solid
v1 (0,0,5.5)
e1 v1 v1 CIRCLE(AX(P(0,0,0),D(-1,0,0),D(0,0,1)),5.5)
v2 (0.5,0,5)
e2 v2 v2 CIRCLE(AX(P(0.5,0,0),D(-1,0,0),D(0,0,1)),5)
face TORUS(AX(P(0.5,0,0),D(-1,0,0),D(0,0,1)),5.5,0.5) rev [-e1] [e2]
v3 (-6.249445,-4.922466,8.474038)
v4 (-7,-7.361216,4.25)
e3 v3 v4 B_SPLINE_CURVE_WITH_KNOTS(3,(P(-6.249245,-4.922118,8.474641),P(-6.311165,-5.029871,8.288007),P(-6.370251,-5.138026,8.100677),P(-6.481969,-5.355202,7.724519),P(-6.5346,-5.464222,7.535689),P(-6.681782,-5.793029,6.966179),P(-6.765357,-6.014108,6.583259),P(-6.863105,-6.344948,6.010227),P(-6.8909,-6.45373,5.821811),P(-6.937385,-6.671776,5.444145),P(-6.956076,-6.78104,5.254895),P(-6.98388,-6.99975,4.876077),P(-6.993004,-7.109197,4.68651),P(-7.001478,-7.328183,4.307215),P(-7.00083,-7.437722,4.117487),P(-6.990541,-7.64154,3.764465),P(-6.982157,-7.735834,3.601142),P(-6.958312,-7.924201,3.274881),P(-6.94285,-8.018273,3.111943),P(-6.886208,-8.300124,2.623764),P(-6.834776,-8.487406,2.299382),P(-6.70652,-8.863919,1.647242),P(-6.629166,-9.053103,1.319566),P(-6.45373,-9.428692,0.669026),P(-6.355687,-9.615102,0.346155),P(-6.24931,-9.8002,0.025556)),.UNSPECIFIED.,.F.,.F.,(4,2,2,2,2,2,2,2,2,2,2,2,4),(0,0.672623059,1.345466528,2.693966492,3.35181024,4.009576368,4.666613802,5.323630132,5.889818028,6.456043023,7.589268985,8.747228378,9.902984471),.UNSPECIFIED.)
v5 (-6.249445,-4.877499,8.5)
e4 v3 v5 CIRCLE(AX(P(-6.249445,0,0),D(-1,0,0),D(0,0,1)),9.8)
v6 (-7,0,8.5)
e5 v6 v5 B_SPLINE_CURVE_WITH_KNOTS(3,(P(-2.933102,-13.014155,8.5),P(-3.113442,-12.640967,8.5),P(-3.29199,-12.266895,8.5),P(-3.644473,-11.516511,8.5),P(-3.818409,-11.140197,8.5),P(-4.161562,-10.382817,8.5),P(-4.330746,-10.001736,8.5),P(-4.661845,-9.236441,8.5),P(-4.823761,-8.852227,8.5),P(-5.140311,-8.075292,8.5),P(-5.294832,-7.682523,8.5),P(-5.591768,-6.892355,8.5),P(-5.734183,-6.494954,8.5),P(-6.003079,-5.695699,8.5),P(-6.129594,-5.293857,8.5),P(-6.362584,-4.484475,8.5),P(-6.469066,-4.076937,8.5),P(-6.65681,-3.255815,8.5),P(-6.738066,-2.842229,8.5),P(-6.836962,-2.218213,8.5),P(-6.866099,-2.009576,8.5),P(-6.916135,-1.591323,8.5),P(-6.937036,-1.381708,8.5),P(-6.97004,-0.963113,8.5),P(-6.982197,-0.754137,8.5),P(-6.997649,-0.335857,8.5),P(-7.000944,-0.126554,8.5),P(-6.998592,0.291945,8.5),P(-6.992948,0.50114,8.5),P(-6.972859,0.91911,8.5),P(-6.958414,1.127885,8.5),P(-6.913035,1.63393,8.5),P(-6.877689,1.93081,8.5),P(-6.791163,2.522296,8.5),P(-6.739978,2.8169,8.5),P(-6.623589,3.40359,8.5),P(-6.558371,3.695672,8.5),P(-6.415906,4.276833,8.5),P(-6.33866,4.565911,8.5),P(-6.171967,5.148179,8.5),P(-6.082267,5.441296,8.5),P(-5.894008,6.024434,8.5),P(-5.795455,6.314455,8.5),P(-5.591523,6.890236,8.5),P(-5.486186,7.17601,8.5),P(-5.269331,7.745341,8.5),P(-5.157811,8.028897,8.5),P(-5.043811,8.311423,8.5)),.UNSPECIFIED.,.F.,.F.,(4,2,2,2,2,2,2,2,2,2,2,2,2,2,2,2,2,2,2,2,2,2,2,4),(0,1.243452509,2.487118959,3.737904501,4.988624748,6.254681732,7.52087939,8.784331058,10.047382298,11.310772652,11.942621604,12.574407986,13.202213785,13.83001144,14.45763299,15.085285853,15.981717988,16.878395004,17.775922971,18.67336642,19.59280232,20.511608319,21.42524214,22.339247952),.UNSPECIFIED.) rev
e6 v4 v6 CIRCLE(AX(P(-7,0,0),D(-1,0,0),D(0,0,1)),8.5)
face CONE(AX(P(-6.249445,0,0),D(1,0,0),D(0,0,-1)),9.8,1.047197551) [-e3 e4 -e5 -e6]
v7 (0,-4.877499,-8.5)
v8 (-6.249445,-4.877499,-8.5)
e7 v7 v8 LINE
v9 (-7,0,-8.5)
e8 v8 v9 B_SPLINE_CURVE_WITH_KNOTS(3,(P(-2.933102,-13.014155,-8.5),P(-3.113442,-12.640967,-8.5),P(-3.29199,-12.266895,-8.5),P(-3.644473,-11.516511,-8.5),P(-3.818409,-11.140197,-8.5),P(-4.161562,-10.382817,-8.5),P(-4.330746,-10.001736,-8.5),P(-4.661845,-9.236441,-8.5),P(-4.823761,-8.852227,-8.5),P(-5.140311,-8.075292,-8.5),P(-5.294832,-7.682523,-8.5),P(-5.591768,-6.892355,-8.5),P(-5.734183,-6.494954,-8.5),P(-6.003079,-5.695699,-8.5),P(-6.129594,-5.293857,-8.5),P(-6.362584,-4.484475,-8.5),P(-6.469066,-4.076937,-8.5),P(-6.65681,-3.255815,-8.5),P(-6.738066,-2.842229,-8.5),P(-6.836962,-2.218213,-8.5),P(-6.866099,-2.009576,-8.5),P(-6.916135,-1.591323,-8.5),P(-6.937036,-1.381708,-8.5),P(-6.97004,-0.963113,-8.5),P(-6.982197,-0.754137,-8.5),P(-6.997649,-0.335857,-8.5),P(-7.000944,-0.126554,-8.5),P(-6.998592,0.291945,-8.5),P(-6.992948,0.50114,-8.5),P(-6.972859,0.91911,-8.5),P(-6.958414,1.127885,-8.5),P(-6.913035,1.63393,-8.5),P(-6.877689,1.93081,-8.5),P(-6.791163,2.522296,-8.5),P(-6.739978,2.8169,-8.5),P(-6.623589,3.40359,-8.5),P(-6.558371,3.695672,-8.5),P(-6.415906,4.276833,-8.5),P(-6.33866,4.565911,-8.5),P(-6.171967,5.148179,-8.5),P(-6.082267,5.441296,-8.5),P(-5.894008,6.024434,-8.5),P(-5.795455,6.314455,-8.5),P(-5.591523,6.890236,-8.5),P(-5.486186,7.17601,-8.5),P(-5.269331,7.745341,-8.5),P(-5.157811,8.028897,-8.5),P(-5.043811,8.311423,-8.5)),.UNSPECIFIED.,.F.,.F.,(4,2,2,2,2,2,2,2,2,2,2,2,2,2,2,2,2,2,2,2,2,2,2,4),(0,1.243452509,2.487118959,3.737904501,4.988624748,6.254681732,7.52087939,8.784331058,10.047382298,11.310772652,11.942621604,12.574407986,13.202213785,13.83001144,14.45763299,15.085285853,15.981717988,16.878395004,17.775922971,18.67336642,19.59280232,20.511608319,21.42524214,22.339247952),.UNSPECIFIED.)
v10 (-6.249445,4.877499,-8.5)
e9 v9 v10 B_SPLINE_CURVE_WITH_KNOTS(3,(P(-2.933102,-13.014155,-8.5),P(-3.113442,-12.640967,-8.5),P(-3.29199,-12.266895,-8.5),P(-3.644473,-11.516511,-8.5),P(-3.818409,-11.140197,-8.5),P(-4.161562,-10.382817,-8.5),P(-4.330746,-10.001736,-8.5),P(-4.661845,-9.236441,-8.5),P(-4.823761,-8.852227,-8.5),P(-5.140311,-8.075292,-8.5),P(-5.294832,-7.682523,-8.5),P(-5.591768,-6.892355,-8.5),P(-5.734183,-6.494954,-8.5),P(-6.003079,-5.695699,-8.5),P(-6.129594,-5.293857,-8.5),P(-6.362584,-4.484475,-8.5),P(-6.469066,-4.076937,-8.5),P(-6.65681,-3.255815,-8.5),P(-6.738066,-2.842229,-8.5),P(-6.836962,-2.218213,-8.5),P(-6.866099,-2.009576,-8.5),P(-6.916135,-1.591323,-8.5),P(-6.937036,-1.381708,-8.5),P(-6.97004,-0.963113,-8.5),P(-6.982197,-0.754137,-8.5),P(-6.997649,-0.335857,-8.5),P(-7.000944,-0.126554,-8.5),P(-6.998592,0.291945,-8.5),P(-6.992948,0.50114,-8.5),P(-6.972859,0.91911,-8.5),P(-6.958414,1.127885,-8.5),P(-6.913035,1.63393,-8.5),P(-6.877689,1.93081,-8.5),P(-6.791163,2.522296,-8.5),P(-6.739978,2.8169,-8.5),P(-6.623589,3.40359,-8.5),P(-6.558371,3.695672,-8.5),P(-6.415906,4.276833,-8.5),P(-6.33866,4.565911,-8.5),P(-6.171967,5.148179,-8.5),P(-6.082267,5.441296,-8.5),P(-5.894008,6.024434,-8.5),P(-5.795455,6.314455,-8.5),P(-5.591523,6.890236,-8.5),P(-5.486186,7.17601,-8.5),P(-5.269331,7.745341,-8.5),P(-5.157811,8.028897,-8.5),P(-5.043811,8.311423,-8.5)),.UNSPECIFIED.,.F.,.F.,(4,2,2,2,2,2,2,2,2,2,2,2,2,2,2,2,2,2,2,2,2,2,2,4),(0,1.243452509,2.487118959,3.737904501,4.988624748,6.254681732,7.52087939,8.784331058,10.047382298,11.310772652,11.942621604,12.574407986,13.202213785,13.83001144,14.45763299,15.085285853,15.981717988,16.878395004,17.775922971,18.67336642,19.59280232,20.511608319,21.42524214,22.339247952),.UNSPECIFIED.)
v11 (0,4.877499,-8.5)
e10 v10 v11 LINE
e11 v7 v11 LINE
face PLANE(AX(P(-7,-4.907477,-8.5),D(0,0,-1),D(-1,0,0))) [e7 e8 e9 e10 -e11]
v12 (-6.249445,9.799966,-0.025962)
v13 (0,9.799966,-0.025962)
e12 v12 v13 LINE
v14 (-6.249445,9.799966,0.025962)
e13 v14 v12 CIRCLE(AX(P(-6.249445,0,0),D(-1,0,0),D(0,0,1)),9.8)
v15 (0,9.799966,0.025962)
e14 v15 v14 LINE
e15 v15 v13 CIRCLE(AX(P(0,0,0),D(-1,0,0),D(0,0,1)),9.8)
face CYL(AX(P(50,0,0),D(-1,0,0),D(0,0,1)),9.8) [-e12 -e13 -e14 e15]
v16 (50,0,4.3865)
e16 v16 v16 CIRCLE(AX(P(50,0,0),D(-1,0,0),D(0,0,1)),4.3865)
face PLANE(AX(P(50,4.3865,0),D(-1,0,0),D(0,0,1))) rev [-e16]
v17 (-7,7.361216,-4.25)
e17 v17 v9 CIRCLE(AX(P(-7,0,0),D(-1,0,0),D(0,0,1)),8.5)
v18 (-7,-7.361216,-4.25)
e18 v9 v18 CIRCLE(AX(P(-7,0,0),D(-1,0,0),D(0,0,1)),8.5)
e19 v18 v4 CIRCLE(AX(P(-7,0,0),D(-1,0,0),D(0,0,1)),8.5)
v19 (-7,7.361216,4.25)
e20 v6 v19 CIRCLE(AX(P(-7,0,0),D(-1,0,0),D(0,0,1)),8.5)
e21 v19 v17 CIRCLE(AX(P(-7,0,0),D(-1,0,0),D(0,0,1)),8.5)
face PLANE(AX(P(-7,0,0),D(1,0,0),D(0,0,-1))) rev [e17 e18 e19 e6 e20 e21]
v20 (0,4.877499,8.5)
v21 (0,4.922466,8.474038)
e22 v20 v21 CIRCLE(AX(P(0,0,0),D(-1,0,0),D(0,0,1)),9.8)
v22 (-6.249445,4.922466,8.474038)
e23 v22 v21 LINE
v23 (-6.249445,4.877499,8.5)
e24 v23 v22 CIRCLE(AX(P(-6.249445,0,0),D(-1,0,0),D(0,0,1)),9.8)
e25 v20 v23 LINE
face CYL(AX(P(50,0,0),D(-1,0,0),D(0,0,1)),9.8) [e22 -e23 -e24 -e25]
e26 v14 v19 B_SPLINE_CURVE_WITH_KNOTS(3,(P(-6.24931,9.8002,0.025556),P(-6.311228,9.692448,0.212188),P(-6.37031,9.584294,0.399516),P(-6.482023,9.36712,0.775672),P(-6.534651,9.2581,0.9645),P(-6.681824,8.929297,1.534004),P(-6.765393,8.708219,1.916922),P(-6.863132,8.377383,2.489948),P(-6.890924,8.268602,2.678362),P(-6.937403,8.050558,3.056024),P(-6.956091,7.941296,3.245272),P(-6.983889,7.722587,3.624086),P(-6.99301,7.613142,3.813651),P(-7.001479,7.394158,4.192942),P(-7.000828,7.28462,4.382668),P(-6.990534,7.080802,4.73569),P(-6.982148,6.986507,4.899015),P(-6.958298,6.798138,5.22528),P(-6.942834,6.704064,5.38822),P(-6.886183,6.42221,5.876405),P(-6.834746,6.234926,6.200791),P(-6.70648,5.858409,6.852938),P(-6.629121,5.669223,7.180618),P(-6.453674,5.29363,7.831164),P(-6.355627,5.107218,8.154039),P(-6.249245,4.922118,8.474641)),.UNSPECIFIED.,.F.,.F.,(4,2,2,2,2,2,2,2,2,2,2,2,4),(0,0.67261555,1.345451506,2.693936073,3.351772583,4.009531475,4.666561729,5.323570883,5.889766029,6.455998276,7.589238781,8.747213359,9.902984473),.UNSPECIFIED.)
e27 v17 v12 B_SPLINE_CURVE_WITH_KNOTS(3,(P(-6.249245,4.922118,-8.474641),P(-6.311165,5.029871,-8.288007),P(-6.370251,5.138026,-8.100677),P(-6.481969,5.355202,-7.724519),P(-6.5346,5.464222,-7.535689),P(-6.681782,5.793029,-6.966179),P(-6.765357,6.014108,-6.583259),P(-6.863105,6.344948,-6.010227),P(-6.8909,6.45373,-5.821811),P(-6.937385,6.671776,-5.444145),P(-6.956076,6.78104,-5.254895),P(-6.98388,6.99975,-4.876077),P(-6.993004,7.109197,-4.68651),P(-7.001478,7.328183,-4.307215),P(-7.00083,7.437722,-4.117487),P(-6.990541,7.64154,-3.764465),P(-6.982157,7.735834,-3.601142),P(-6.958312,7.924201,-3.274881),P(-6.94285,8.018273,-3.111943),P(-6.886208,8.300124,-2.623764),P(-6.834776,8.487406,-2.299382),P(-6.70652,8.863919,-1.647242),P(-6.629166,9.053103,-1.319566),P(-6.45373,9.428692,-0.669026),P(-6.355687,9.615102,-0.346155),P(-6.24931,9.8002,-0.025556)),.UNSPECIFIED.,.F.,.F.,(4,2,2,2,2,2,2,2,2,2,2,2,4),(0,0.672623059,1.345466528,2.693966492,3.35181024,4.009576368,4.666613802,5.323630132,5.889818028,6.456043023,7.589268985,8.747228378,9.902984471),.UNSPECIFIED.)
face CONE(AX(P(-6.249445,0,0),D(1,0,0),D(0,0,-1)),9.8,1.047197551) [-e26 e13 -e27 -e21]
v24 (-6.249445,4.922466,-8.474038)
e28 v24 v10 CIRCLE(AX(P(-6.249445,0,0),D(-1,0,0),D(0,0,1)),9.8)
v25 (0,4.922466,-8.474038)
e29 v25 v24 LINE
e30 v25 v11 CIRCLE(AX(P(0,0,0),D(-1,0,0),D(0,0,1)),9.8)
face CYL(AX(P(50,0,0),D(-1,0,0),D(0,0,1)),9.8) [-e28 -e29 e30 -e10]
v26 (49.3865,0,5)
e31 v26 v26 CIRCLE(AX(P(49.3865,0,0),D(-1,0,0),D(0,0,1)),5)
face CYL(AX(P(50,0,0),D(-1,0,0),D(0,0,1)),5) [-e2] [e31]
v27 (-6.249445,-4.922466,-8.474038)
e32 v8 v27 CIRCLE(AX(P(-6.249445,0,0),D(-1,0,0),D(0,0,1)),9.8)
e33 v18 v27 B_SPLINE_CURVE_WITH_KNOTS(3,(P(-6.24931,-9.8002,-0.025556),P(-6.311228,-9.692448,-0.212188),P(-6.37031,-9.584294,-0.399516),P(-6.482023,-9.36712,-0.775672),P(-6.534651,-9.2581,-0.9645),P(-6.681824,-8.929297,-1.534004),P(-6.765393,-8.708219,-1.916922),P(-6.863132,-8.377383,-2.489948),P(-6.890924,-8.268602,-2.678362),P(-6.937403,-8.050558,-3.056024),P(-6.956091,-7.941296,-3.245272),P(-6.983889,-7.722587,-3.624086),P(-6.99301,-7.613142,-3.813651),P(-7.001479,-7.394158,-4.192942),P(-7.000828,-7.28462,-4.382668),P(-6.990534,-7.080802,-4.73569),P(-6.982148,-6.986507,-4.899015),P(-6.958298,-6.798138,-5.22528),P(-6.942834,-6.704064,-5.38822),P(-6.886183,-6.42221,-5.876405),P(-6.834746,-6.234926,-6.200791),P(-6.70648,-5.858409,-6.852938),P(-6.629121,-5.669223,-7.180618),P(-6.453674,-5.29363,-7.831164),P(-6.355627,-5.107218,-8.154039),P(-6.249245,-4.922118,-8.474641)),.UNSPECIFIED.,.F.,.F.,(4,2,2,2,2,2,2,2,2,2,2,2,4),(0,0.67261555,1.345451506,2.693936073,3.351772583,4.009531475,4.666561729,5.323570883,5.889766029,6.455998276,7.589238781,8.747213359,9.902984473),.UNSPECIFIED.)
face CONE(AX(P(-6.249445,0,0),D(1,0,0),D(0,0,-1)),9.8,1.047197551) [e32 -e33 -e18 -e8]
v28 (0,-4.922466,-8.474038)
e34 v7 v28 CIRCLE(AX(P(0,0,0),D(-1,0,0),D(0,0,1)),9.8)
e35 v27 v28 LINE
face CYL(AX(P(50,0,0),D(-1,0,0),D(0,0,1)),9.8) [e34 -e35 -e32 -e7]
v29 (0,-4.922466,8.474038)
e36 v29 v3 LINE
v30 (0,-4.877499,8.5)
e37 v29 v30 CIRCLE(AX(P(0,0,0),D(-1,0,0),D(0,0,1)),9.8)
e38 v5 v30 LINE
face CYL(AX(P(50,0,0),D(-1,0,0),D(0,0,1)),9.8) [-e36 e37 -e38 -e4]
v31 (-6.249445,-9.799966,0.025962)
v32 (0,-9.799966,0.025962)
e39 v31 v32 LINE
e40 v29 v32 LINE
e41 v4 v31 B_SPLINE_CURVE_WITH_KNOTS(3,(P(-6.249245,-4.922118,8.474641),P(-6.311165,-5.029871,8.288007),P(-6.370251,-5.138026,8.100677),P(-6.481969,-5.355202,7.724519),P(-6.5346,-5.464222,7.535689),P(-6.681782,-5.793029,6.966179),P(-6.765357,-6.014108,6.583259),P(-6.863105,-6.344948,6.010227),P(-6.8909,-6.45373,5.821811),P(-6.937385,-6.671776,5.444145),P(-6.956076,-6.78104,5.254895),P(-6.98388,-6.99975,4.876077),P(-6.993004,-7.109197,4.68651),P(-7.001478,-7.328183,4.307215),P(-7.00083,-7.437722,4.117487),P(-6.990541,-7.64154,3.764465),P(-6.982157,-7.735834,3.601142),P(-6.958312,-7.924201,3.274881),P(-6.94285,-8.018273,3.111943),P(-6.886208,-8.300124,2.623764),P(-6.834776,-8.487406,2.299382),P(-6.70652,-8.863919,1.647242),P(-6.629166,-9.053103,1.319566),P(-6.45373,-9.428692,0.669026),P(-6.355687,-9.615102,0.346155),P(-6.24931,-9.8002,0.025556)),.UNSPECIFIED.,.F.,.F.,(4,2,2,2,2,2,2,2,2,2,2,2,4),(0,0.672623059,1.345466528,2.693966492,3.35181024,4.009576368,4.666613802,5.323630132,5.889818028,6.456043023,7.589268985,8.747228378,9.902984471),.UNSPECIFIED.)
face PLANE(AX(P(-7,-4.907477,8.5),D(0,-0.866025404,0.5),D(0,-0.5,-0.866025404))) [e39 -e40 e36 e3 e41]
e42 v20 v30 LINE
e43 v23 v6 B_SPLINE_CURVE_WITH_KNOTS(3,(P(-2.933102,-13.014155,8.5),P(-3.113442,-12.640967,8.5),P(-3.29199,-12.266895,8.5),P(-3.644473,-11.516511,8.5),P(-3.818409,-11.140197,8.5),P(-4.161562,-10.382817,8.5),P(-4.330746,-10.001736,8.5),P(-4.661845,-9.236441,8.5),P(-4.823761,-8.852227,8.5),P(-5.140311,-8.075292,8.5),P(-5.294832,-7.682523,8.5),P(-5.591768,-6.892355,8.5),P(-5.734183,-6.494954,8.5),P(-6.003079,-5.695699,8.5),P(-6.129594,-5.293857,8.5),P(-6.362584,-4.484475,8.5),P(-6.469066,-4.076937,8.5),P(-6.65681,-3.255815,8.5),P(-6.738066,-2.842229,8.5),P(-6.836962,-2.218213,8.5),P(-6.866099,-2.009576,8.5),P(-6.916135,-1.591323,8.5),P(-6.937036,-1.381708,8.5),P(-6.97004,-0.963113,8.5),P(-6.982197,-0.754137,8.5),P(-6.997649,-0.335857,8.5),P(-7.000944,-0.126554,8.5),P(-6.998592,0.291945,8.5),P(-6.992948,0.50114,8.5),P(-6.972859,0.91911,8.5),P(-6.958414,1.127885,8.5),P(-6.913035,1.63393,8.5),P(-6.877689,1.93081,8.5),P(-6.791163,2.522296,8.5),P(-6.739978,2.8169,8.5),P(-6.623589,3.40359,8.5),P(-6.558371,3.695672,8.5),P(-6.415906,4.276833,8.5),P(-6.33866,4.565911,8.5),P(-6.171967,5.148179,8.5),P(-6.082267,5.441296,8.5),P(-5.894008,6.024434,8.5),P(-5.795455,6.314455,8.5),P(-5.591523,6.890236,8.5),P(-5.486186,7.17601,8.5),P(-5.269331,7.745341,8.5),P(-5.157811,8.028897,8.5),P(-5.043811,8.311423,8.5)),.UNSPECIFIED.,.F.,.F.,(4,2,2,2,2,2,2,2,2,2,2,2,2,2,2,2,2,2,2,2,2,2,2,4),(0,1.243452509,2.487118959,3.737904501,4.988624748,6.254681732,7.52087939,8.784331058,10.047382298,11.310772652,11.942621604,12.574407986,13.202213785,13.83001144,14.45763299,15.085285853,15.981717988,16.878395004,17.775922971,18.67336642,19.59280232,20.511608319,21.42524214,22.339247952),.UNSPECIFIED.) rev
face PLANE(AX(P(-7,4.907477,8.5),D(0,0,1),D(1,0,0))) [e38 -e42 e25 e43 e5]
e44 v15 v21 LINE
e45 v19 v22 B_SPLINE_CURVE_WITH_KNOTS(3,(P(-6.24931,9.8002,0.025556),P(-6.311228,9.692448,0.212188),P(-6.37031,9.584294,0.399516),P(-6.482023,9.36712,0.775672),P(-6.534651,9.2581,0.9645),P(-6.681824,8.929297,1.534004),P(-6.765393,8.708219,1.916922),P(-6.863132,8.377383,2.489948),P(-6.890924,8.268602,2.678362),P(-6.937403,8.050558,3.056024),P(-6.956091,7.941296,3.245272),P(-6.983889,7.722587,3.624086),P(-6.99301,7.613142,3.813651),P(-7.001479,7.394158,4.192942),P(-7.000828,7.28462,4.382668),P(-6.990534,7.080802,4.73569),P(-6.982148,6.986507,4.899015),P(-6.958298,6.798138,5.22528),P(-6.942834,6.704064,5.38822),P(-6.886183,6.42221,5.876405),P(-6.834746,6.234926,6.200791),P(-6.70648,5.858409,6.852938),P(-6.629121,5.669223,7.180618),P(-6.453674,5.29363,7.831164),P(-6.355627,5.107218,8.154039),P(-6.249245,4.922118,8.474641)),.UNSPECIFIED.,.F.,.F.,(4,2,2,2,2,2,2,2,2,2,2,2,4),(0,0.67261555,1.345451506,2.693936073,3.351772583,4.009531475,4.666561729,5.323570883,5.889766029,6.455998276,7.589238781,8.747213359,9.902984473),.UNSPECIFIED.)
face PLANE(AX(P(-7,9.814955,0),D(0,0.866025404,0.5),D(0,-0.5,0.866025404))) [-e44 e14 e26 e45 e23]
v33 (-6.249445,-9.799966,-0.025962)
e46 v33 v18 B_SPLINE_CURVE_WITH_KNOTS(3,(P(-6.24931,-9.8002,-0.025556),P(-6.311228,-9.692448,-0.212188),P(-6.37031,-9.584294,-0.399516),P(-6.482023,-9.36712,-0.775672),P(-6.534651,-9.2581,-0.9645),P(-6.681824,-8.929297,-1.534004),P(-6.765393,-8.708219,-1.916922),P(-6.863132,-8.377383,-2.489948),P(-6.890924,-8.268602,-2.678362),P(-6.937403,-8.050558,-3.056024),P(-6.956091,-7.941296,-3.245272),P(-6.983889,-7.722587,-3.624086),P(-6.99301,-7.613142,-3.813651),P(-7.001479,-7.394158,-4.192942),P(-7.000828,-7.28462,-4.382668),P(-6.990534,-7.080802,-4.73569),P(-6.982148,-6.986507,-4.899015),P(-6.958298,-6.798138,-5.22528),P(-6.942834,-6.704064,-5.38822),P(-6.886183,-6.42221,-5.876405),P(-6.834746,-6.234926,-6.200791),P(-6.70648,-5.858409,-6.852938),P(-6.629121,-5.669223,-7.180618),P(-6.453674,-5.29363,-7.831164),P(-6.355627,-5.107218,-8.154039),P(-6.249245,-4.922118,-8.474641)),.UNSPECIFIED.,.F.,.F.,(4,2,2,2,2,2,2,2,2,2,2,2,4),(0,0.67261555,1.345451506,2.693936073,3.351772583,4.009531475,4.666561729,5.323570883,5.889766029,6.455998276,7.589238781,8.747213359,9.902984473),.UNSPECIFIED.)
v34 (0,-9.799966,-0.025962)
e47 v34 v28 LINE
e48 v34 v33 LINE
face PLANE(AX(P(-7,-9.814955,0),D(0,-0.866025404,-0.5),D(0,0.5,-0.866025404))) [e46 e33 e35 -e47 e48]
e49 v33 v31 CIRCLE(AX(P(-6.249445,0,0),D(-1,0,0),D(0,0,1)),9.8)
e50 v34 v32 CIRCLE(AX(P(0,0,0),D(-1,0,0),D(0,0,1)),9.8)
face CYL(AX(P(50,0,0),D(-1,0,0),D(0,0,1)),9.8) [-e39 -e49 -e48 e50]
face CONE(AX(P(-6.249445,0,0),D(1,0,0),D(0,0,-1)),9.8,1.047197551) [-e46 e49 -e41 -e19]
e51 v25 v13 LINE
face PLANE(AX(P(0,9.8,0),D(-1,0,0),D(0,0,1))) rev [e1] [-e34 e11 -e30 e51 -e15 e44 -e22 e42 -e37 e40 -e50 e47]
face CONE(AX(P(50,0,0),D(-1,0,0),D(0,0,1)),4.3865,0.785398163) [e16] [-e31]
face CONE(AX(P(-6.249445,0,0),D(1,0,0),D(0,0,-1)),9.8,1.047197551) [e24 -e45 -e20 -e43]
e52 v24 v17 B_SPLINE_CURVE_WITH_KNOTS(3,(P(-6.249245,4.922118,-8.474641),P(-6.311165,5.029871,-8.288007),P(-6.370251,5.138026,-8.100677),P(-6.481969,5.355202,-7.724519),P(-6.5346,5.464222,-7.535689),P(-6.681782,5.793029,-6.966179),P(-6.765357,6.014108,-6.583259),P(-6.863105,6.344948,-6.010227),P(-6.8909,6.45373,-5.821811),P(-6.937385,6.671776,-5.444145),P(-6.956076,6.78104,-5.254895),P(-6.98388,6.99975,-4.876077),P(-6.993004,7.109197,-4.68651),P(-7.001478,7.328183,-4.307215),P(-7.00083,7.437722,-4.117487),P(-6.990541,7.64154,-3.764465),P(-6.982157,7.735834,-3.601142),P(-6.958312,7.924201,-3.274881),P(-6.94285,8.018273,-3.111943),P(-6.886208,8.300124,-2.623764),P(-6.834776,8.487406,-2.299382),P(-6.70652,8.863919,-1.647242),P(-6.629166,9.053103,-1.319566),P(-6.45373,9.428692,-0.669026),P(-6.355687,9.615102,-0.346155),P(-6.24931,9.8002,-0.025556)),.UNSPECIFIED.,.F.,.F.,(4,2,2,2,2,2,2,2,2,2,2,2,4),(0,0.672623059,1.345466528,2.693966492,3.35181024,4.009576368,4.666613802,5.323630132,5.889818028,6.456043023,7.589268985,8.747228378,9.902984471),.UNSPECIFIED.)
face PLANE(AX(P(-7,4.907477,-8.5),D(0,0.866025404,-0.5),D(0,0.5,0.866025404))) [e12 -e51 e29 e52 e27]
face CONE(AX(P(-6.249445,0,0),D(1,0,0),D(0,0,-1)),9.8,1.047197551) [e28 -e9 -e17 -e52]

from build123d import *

# Parameters (mm, degrees)
SKETCH2_W          = 39.2
SKETCH2_H          = 39.2
CUT_EXTRUDE1_DEPTH = 7


with BuildPart() as part:
    # Sketch1 → Revolve1 (revolve)
    with BuildSketch(Plane.XY, mode=Mode.PRIVATE) as revolve1_sk:
        with BuildLine():
            Line((-7, 0), (-7, 8.5))
            Line((-7, 8.5), (-6.24944465, 9.8))
            Line((-6.24944465, 9.8), (0, 9.8))
            Line((0, 9.8), (0, 5.5))
            ThreePointArc((0, 5.5), (0.146446609, 5.146446609), (0.5, 5))
            Line((0.5, 5), (49.3865, 5))
            Line((49.3865, 5), (50, 4.3865))
            Line((50, 4.3865), (50, 0))
            Line((50, 0), (-7, 0))
        make_face()
    revolve(revolve1_sk.sketch.rotate(Axis((50, 0, 0), (-1, 0, 0)), 270), axis=Axis((50, 0, 0), (-1, 0, 0)))

    # Sketch2 → Cut-Extrude1 (cut)
    with BuildSketch(Plane(origin=(0, 0, 0), x_dir=(0, 0, -1), z_dir=(1, 0, 0))):
        Rectangle(SKETCH2_W, SKETCH2_H)
        Polygon((-8.5, 4.907477288), (-8.5, -4.907477288), (0, -9.814954576), (8.5, -4.907477288), (8.5, 4.907477288), (0, 9.814954576), align=None, mode=Mode.SUBTRACT)
    extrude(amount=-CUT_EXTRUDE1_DEPTH, mode=Mode.SUBTRACT)


solid = part.part
